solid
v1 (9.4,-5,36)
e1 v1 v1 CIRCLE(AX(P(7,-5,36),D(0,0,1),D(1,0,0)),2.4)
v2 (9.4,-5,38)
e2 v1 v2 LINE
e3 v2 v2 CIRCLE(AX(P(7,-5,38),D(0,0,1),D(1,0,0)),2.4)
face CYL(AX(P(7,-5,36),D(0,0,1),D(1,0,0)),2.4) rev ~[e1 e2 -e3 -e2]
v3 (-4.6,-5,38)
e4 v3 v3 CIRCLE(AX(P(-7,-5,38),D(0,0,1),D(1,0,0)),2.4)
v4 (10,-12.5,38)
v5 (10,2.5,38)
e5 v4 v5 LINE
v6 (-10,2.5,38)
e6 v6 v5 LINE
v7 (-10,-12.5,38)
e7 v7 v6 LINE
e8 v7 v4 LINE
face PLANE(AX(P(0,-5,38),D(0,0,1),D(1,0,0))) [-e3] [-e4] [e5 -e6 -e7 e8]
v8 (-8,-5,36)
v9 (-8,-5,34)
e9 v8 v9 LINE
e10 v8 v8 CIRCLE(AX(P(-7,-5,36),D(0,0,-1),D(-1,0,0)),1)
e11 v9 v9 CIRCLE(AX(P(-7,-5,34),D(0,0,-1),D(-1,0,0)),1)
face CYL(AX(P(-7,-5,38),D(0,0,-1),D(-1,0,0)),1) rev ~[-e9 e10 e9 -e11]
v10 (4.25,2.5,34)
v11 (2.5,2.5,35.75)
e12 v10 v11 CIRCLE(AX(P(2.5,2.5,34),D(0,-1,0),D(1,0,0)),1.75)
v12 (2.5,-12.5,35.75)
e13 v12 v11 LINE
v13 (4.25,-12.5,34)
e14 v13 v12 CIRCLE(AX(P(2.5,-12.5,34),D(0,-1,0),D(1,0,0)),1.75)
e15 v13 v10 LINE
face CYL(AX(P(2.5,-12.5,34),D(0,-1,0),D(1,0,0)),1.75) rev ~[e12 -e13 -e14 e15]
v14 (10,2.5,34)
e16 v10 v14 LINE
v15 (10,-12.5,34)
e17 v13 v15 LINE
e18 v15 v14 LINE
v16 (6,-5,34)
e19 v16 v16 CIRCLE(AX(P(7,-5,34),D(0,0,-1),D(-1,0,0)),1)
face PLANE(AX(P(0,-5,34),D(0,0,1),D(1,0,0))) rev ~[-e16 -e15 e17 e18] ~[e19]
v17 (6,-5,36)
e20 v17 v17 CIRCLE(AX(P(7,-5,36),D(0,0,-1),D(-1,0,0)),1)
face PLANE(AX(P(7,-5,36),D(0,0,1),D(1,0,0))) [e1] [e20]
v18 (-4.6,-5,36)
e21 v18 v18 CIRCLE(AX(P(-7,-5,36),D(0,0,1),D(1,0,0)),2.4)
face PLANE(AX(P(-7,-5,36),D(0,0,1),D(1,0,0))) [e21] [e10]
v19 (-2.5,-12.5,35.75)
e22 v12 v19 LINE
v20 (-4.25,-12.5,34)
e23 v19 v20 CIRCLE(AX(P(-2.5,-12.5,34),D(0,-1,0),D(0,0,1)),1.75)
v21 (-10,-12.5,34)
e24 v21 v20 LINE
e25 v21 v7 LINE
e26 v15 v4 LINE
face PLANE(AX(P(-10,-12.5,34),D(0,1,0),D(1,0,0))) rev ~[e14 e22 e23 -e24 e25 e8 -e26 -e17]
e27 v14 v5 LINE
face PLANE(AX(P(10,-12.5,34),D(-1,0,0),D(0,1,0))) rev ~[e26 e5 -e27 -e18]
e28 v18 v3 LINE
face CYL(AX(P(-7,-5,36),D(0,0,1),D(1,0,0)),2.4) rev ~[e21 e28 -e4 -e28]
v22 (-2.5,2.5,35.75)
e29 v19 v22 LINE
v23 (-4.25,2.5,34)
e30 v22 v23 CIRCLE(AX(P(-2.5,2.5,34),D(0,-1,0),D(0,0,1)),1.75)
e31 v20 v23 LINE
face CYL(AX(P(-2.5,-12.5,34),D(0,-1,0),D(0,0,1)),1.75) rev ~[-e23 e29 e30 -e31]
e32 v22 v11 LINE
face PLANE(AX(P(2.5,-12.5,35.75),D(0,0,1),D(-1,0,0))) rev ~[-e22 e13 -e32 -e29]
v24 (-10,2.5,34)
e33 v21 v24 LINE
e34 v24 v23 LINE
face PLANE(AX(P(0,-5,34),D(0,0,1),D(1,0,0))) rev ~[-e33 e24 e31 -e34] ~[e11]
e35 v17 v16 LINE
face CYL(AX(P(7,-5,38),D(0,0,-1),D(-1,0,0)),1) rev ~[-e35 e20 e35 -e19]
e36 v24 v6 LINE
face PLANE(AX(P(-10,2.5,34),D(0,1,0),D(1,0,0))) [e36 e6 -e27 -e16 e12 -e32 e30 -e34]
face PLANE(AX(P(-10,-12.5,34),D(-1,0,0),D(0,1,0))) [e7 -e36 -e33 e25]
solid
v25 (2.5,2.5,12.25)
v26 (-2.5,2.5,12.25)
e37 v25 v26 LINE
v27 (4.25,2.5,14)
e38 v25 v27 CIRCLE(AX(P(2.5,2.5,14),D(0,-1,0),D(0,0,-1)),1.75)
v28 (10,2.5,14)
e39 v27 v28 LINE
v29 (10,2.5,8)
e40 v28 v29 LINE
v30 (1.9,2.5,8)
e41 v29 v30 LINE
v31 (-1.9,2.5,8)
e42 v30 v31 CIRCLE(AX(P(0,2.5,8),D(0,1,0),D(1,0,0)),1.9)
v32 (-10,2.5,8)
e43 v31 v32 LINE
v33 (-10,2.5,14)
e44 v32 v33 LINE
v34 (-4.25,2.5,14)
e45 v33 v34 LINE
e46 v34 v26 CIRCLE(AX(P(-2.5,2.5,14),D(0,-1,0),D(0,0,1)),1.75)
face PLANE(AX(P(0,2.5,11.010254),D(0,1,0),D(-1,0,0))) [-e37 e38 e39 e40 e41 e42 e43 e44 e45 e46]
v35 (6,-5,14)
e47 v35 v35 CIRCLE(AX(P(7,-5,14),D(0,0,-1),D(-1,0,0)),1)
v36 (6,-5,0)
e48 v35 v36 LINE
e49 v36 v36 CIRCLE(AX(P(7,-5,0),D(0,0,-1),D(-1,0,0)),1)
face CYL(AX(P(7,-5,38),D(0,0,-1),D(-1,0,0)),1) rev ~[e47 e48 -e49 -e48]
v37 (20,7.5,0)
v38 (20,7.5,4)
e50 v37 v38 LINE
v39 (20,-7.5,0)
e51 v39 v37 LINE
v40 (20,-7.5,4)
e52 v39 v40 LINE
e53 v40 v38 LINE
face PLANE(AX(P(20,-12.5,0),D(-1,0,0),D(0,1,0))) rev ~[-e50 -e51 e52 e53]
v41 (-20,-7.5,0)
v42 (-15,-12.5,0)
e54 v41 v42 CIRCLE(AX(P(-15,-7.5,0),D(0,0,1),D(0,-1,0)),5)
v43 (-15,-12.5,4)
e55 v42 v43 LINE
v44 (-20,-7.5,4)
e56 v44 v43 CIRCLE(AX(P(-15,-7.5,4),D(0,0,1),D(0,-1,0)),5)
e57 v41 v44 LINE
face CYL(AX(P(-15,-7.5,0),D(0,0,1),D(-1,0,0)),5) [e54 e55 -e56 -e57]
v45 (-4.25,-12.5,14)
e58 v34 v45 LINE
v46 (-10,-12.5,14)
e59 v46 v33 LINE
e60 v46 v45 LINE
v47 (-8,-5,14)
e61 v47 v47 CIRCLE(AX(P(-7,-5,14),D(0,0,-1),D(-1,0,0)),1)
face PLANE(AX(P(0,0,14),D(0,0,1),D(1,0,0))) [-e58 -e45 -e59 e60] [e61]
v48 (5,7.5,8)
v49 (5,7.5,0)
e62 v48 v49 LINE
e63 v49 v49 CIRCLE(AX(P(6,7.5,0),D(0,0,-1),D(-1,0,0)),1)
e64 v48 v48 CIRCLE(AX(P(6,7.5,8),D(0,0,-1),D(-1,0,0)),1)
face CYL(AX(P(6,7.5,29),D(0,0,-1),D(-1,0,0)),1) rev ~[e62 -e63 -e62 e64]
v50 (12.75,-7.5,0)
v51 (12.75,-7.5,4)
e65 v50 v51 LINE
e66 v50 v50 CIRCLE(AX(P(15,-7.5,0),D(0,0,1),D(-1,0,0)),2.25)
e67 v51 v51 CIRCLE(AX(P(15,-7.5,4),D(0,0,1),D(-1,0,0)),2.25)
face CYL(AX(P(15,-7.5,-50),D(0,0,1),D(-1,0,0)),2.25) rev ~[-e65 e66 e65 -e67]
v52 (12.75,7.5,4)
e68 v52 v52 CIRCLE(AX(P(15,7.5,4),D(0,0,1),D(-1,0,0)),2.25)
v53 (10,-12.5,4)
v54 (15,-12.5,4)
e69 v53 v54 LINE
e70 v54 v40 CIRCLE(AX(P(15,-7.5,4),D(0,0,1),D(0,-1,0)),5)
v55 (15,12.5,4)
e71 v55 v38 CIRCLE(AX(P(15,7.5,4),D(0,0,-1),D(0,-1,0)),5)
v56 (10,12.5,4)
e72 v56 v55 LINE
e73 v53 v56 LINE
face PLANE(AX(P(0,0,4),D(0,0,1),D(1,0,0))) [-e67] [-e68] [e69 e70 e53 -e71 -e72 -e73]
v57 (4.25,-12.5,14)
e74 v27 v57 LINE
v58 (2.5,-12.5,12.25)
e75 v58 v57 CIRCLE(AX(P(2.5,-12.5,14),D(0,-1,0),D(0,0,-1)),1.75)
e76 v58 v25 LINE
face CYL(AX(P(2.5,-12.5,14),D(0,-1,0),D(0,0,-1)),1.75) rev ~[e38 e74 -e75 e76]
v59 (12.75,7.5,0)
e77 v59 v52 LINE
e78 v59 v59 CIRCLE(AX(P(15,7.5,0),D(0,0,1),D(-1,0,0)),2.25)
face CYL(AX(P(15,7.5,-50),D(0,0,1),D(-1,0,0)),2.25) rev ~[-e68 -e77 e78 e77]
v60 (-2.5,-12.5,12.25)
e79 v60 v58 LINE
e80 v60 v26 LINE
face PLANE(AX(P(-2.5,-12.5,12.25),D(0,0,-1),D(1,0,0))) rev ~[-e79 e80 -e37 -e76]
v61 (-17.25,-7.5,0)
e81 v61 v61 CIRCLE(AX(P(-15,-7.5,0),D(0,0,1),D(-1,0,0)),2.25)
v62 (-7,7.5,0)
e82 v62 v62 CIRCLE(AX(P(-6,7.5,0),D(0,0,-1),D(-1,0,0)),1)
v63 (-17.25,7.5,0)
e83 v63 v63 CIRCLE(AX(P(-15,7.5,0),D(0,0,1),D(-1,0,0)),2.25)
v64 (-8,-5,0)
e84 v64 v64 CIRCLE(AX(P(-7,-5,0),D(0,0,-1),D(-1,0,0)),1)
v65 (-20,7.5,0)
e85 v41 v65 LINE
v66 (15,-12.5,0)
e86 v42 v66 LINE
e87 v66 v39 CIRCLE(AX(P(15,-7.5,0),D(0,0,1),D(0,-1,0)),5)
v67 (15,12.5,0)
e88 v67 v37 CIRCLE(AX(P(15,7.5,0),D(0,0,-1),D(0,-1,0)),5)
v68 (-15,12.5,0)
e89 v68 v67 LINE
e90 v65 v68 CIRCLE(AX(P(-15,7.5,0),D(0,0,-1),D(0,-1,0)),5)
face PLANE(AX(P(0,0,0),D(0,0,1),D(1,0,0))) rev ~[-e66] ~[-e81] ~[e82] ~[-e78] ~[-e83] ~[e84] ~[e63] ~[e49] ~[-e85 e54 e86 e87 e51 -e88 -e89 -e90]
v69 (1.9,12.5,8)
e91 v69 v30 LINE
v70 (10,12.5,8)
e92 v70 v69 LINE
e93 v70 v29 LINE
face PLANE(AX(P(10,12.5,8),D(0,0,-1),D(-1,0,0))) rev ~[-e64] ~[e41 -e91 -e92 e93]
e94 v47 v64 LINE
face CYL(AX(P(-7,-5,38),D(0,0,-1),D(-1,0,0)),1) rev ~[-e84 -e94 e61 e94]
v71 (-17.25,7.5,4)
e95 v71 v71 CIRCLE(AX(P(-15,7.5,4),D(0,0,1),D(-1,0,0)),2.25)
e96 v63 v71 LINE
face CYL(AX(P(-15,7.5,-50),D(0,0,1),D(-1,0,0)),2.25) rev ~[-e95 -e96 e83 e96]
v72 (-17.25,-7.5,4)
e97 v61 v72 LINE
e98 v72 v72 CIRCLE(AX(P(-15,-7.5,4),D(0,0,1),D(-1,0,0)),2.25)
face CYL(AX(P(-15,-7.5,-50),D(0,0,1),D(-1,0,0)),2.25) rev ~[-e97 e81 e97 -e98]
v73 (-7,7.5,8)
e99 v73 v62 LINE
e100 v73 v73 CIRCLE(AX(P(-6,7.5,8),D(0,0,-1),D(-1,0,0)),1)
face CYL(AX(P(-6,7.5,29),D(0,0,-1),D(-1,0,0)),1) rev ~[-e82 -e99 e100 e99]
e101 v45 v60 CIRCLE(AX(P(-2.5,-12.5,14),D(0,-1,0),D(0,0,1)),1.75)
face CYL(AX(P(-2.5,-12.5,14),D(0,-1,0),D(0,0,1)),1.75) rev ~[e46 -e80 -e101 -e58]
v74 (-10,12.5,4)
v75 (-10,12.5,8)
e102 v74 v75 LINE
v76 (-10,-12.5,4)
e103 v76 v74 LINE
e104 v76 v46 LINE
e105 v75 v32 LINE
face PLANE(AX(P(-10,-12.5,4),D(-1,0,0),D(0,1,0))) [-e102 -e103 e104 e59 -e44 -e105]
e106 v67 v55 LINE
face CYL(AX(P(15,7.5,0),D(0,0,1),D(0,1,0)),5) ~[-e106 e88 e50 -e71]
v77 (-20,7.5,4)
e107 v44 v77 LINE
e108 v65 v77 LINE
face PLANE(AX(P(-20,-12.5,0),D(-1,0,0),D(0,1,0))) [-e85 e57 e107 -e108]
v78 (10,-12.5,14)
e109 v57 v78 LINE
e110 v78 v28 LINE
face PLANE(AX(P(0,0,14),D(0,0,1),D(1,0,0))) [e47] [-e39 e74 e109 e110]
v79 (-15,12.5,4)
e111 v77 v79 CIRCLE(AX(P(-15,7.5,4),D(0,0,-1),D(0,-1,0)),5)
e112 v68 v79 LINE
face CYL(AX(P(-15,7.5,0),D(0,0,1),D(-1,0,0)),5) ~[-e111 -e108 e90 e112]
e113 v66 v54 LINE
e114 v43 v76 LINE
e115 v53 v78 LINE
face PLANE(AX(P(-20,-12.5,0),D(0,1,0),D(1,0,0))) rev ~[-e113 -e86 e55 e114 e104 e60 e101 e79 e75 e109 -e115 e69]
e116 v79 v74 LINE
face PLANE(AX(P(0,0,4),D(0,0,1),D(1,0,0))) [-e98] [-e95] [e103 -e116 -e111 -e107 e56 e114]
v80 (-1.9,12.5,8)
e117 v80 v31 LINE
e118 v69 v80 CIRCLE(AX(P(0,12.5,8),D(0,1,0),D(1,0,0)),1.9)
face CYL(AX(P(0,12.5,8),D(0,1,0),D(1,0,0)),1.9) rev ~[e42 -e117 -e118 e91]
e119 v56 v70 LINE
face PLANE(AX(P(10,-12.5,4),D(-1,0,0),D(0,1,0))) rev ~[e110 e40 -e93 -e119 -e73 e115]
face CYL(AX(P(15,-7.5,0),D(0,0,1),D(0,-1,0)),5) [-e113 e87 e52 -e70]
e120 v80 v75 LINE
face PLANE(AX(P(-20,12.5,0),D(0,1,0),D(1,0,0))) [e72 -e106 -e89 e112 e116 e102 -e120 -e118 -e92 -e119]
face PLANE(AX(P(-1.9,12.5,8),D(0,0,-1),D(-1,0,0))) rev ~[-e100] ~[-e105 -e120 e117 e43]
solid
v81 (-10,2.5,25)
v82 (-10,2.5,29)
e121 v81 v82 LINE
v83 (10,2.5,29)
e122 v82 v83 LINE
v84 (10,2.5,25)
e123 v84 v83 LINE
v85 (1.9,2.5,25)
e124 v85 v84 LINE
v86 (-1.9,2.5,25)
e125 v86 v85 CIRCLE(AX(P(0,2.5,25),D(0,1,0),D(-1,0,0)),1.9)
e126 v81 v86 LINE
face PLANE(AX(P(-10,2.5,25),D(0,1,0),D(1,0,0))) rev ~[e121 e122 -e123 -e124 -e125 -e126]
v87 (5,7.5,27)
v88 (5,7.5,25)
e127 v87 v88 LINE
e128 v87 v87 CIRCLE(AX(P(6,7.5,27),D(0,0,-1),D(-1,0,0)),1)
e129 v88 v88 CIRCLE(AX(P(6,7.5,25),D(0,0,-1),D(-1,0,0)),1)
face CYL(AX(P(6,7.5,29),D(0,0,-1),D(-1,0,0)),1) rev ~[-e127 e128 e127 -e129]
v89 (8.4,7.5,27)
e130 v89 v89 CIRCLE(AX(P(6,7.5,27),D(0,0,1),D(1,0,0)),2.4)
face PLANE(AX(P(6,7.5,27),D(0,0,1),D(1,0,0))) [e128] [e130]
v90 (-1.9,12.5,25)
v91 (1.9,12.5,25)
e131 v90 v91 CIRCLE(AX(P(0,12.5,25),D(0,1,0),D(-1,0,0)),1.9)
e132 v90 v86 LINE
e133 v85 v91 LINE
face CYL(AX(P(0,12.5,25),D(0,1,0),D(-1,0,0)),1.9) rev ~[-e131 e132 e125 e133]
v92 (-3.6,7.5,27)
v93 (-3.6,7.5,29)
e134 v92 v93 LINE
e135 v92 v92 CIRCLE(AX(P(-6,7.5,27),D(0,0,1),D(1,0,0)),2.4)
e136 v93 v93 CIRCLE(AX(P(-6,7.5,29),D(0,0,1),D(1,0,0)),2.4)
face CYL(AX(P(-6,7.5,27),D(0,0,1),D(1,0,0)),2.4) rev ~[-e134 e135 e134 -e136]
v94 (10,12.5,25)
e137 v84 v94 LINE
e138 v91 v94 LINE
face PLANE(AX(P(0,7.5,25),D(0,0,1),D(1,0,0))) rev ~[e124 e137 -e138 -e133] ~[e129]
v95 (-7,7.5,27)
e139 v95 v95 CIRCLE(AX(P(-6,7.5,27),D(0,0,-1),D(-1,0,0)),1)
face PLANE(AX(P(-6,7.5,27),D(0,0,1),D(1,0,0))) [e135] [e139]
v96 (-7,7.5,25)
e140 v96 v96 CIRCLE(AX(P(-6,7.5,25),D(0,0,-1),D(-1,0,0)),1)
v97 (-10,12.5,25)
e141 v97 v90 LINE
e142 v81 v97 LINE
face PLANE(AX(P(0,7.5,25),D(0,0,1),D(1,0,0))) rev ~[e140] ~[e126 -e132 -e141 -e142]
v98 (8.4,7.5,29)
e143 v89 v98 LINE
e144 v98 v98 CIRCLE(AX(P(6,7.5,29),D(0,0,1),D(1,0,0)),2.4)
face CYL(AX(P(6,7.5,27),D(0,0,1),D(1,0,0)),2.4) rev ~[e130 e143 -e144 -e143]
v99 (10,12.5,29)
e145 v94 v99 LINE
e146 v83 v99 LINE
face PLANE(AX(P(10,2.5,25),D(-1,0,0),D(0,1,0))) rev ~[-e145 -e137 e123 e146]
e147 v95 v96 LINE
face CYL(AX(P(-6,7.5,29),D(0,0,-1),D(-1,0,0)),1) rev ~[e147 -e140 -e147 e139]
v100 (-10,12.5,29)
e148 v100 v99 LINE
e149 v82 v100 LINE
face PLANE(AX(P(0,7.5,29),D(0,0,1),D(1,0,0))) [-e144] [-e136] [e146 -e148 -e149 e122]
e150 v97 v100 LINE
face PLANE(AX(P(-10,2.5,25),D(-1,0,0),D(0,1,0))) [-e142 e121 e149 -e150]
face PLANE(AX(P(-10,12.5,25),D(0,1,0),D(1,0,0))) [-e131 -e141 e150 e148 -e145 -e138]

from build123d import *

# Parameters (mm, degrees)
F0_W              = 40
F0_H              = 25
F1_DEPTH          = 4
F2_D              = 4.5
F2_DEPTH          = 50
F2_TIP            = 1.3519363928
F3_W              = 20
F3_H              = 25
F4_DEPTH          = 10
F6_DEPTH          = 10
F8_W              = 20
F8_H              = 10
F9_DEPTH          = 4
F10_R             = 1.9
F11_DEPTH         = 10
F13_D             = 2
F13_DEPTH         = 50
F13_CBORE_D       = 4.8
F13_CBORE_DEPTH   = 2
F13_TIP           = 0.600860619
F13_2_D           = 2
F13_2_DEPTH       = 50
F13_2_CBORE_D     = 4.8
F13_2_CBORE_DEPTH = 2
F13_2_TIP         = 0.600860619
F15_W             = 20
F15_H             = 15
F16_DEPTH         = 4
F18_DEPTH         = 25
F20_D             = 2
F20_DEPTH         = 50
F20_CBORE_D       = 4.8
F20_CBORE_DEPTH   = 2
F20_TIP           = 0.600860619
F20_2_D           = 2
F20_2_DEPTH       = 50
F20_2_CBORE_D     = 4.8
F20_2_CBORE_DEPTH = 2
F20_2_TIP         = 0.600860619
F21_R             = 5


with BuildPart() as f1:
    # F0 (on Top) → F1 (new body)
    with BuildSketch(Plane.XY):
        Rectangle(F0_W, F0_H)
    extrude(amount=F1_DEPTH)

    # F2
    with Locations(Plane(origin=(0, 0, 0), x_dir=(1, 0, 0), z_dir=(0, 0, -1))):
        with Locations((-15, -7.5), (-15, 7.5), (15, 7.5), (15, -7.5)):
            Hole(F2_D / 2, depth=F2_DEPTH)
            with Locations((0, 0, -(F2_DEPTH + F2_TIP / 2))):  # 118° drill point
                Cone(0, F2_D / 2, F2_TIP, mode=Mode.SUBTRACT)

    # F3 (on face) → F4 (join)
    with BuildSketch(Plane.XY.offset(4)):
        Rectangle(F3_W, F3_H)
    extrude(amount=F4_DEPTH)

    # F5 (on face) → F6 (cut)
    with BuildSketch(Plane(origin=(0, 12.5, 0), x_dir=(-1, 0, 0), z_dir=(0, 1, 0))):
        with BuildLine():
            ThreePointArc((-1.9, 8), (0, 9.9), (1.9, 8))
            Line((1.9, 8), (10, 8))
            Line((10, 8), (10, 14))
            Line((10, 14), (-10, 14))
            Line((-10, 14), (-10, 8))
            Line((-10, 8), (-1.9, 8))
        make_face()
        with BuildLine():
            Line((-1.9, 8), (1.9, 8))
            ThreePointArc((1.9, 8), (0, 9.9), (-1.9, 8))
        make_face()
        with BuildLine():
            ThreePointArc((-1.9, 8), (0, 6.1), (1.9, 8))
            Line((1.9, 8), (-1.9, 8))
        make_face()
    extrude(amount=-F6_DEPTH, mode=Mode.SUBTRACT)

    # F13
    with Locations(Plane.XY.offset(29)):
        with Locations((-6, 7.5), (6, 7.5)):
            CounterBoreHole(F13_D / 2, F13_CBORE_D / 2, F13_CBORE_DEPTH, depth=F13_DEPTH)
            with Locations((0, 0, -(F13_DEPTH + F13_TIP / 2))):  # 118° drill point
                Cone(0, F13_D / 2, F13_TIP, mode=Mode.SUBTRACT)


with BuildPart() as f9:
    # F8 (on offset) → F9 (new body)
    with BuildSketch(Plane.XY.offset(25)):
        with Locations((0, 7.5)):
            Rectangle(F8_W, F8_H)
    extrude(amount=F9_DEPTH)

    # F10 (on face) → F11 (cut, through all)
    with BuildSketch(Plane(origin=(0, 12.5, 0), x_dir=(-1, 0, 0), z_dir=(0, 1, 0))):
        with Locations((0, 25)):
            Circle(F10_R)
    extrude(amount=-F11_DEPTH, mode=Mode.SUBTRACT)

    # F13#2
    with Locations(Plane.XY.offset(29)):
        with Locations((-6, 7.5), (6, 7.5)):
            CounterBoreHole(F13_2_D / 2, F13_2_CBORE_D / 2, F13_2_CBORE_DEPTH, depth=F13_2_DEPTH)
            with Locations((0, 0, -(F13_2_DEPTH + F13_2_TIP / 2))):  # 118° drill point
                Cone(0, F13_2_D / 2, F13_2_TIP, mode=Mode.SUBTRACT)


with BuildPart() as f16:
    # F15 (on offset) → F16 (new body)
    with BuildSketch(Plane.XY.offset(34)):
        with Locations((0, -5)):
            Rectangle(F15_W, F15_H)
    extrude(amount=F16_DEPTH)


with BuildPart() as f18_tool:
    # F17 (on face) → F18 (new body)
    with BuildSketch(Plane.XZ.offset(12.5)):
        with BuildLine():
            ThreePointArc((-2.5, 35.75), (-3.7374368671, 35.2374368671), (-4.25, 34))
            Line((-4.25, 34), (4.25, 34))
            ThreePointArc((4.25, 34), (3.7374368671, 35.2374368671), (2.5, 35.75))
            Line((2.5, 35.75), (-2.5, 35.75))
        make_face()
        with BuildLine():
            ThreePointArc((-2.5, 15.75), (-4.25, 14), (-2.5, 12.25))
            Line((-2.5, 12.25), (2.5, 12.25))
            ThreePointArc((2.5, 12.25), (4.25, 14), (2.5, 15.75))
            Line((2.5, 15.75), (-2.5, 15.75))
        make_face()
    extrude(amount=-F18_DEPTH)


with BuildPart() as f1_1:
    add(f1.part)

    # F18: cut by f18_tool
    add(f18_tool.part, mode=Mode.SUBTRACT)

    # F20
    with Locations(Plane.XY.offset(38)):
        with Locations((-7, -5), (7, -5)):
            CounterBoreHole(F20_D / 2, F20_CBORE_D / 2, F20_CBORE_DEPTH, depth=F20_DEPTH)
            with Locations((0, 0, -(F20_DEPTH + F20_TIP / 2))):  # 118° drill point
                Cone(0, F20_D / 2, F20_TIP, mode=Mode.SUBTRACT)

    # F21
    f21_edges = [f1_1.edges().sort_by_distance(p)[0] for p in [
        (-20, 12.5, 2),
        (-20, -12.5, 2),
        (20, -12.5, 2),
        (20, 12.5, 2),
    ]]
    fillet(f21_edges, radius=F21_R)


with BuildPart() as f16_1:
    add(f16.part)

    # F18: cut by f18_tool
    add(f18_tool.part, mode=Mode.SUBTRACT)

    # F20#2
    with Locations(Plane.XY.offset(38)):
        with Locations((-7, -5), (7, -5)):
            CounterBoreHole(F20_2_D / 2, F20_2_CBORE_D / 2, F20_2_CBORE_DEPTH, depth=F20_2_DEPTH)
            with Locations((0, 0, -(F20_2_DEPTH + F20_2_TIP / 2))):  # 118° drill point
                Cone(0, F20_2_D / 2, F20_2_TIP, mode=Mode.SUBTRACT)


solid = Compound([f9.part, f1_1.part, f16_1.part])
